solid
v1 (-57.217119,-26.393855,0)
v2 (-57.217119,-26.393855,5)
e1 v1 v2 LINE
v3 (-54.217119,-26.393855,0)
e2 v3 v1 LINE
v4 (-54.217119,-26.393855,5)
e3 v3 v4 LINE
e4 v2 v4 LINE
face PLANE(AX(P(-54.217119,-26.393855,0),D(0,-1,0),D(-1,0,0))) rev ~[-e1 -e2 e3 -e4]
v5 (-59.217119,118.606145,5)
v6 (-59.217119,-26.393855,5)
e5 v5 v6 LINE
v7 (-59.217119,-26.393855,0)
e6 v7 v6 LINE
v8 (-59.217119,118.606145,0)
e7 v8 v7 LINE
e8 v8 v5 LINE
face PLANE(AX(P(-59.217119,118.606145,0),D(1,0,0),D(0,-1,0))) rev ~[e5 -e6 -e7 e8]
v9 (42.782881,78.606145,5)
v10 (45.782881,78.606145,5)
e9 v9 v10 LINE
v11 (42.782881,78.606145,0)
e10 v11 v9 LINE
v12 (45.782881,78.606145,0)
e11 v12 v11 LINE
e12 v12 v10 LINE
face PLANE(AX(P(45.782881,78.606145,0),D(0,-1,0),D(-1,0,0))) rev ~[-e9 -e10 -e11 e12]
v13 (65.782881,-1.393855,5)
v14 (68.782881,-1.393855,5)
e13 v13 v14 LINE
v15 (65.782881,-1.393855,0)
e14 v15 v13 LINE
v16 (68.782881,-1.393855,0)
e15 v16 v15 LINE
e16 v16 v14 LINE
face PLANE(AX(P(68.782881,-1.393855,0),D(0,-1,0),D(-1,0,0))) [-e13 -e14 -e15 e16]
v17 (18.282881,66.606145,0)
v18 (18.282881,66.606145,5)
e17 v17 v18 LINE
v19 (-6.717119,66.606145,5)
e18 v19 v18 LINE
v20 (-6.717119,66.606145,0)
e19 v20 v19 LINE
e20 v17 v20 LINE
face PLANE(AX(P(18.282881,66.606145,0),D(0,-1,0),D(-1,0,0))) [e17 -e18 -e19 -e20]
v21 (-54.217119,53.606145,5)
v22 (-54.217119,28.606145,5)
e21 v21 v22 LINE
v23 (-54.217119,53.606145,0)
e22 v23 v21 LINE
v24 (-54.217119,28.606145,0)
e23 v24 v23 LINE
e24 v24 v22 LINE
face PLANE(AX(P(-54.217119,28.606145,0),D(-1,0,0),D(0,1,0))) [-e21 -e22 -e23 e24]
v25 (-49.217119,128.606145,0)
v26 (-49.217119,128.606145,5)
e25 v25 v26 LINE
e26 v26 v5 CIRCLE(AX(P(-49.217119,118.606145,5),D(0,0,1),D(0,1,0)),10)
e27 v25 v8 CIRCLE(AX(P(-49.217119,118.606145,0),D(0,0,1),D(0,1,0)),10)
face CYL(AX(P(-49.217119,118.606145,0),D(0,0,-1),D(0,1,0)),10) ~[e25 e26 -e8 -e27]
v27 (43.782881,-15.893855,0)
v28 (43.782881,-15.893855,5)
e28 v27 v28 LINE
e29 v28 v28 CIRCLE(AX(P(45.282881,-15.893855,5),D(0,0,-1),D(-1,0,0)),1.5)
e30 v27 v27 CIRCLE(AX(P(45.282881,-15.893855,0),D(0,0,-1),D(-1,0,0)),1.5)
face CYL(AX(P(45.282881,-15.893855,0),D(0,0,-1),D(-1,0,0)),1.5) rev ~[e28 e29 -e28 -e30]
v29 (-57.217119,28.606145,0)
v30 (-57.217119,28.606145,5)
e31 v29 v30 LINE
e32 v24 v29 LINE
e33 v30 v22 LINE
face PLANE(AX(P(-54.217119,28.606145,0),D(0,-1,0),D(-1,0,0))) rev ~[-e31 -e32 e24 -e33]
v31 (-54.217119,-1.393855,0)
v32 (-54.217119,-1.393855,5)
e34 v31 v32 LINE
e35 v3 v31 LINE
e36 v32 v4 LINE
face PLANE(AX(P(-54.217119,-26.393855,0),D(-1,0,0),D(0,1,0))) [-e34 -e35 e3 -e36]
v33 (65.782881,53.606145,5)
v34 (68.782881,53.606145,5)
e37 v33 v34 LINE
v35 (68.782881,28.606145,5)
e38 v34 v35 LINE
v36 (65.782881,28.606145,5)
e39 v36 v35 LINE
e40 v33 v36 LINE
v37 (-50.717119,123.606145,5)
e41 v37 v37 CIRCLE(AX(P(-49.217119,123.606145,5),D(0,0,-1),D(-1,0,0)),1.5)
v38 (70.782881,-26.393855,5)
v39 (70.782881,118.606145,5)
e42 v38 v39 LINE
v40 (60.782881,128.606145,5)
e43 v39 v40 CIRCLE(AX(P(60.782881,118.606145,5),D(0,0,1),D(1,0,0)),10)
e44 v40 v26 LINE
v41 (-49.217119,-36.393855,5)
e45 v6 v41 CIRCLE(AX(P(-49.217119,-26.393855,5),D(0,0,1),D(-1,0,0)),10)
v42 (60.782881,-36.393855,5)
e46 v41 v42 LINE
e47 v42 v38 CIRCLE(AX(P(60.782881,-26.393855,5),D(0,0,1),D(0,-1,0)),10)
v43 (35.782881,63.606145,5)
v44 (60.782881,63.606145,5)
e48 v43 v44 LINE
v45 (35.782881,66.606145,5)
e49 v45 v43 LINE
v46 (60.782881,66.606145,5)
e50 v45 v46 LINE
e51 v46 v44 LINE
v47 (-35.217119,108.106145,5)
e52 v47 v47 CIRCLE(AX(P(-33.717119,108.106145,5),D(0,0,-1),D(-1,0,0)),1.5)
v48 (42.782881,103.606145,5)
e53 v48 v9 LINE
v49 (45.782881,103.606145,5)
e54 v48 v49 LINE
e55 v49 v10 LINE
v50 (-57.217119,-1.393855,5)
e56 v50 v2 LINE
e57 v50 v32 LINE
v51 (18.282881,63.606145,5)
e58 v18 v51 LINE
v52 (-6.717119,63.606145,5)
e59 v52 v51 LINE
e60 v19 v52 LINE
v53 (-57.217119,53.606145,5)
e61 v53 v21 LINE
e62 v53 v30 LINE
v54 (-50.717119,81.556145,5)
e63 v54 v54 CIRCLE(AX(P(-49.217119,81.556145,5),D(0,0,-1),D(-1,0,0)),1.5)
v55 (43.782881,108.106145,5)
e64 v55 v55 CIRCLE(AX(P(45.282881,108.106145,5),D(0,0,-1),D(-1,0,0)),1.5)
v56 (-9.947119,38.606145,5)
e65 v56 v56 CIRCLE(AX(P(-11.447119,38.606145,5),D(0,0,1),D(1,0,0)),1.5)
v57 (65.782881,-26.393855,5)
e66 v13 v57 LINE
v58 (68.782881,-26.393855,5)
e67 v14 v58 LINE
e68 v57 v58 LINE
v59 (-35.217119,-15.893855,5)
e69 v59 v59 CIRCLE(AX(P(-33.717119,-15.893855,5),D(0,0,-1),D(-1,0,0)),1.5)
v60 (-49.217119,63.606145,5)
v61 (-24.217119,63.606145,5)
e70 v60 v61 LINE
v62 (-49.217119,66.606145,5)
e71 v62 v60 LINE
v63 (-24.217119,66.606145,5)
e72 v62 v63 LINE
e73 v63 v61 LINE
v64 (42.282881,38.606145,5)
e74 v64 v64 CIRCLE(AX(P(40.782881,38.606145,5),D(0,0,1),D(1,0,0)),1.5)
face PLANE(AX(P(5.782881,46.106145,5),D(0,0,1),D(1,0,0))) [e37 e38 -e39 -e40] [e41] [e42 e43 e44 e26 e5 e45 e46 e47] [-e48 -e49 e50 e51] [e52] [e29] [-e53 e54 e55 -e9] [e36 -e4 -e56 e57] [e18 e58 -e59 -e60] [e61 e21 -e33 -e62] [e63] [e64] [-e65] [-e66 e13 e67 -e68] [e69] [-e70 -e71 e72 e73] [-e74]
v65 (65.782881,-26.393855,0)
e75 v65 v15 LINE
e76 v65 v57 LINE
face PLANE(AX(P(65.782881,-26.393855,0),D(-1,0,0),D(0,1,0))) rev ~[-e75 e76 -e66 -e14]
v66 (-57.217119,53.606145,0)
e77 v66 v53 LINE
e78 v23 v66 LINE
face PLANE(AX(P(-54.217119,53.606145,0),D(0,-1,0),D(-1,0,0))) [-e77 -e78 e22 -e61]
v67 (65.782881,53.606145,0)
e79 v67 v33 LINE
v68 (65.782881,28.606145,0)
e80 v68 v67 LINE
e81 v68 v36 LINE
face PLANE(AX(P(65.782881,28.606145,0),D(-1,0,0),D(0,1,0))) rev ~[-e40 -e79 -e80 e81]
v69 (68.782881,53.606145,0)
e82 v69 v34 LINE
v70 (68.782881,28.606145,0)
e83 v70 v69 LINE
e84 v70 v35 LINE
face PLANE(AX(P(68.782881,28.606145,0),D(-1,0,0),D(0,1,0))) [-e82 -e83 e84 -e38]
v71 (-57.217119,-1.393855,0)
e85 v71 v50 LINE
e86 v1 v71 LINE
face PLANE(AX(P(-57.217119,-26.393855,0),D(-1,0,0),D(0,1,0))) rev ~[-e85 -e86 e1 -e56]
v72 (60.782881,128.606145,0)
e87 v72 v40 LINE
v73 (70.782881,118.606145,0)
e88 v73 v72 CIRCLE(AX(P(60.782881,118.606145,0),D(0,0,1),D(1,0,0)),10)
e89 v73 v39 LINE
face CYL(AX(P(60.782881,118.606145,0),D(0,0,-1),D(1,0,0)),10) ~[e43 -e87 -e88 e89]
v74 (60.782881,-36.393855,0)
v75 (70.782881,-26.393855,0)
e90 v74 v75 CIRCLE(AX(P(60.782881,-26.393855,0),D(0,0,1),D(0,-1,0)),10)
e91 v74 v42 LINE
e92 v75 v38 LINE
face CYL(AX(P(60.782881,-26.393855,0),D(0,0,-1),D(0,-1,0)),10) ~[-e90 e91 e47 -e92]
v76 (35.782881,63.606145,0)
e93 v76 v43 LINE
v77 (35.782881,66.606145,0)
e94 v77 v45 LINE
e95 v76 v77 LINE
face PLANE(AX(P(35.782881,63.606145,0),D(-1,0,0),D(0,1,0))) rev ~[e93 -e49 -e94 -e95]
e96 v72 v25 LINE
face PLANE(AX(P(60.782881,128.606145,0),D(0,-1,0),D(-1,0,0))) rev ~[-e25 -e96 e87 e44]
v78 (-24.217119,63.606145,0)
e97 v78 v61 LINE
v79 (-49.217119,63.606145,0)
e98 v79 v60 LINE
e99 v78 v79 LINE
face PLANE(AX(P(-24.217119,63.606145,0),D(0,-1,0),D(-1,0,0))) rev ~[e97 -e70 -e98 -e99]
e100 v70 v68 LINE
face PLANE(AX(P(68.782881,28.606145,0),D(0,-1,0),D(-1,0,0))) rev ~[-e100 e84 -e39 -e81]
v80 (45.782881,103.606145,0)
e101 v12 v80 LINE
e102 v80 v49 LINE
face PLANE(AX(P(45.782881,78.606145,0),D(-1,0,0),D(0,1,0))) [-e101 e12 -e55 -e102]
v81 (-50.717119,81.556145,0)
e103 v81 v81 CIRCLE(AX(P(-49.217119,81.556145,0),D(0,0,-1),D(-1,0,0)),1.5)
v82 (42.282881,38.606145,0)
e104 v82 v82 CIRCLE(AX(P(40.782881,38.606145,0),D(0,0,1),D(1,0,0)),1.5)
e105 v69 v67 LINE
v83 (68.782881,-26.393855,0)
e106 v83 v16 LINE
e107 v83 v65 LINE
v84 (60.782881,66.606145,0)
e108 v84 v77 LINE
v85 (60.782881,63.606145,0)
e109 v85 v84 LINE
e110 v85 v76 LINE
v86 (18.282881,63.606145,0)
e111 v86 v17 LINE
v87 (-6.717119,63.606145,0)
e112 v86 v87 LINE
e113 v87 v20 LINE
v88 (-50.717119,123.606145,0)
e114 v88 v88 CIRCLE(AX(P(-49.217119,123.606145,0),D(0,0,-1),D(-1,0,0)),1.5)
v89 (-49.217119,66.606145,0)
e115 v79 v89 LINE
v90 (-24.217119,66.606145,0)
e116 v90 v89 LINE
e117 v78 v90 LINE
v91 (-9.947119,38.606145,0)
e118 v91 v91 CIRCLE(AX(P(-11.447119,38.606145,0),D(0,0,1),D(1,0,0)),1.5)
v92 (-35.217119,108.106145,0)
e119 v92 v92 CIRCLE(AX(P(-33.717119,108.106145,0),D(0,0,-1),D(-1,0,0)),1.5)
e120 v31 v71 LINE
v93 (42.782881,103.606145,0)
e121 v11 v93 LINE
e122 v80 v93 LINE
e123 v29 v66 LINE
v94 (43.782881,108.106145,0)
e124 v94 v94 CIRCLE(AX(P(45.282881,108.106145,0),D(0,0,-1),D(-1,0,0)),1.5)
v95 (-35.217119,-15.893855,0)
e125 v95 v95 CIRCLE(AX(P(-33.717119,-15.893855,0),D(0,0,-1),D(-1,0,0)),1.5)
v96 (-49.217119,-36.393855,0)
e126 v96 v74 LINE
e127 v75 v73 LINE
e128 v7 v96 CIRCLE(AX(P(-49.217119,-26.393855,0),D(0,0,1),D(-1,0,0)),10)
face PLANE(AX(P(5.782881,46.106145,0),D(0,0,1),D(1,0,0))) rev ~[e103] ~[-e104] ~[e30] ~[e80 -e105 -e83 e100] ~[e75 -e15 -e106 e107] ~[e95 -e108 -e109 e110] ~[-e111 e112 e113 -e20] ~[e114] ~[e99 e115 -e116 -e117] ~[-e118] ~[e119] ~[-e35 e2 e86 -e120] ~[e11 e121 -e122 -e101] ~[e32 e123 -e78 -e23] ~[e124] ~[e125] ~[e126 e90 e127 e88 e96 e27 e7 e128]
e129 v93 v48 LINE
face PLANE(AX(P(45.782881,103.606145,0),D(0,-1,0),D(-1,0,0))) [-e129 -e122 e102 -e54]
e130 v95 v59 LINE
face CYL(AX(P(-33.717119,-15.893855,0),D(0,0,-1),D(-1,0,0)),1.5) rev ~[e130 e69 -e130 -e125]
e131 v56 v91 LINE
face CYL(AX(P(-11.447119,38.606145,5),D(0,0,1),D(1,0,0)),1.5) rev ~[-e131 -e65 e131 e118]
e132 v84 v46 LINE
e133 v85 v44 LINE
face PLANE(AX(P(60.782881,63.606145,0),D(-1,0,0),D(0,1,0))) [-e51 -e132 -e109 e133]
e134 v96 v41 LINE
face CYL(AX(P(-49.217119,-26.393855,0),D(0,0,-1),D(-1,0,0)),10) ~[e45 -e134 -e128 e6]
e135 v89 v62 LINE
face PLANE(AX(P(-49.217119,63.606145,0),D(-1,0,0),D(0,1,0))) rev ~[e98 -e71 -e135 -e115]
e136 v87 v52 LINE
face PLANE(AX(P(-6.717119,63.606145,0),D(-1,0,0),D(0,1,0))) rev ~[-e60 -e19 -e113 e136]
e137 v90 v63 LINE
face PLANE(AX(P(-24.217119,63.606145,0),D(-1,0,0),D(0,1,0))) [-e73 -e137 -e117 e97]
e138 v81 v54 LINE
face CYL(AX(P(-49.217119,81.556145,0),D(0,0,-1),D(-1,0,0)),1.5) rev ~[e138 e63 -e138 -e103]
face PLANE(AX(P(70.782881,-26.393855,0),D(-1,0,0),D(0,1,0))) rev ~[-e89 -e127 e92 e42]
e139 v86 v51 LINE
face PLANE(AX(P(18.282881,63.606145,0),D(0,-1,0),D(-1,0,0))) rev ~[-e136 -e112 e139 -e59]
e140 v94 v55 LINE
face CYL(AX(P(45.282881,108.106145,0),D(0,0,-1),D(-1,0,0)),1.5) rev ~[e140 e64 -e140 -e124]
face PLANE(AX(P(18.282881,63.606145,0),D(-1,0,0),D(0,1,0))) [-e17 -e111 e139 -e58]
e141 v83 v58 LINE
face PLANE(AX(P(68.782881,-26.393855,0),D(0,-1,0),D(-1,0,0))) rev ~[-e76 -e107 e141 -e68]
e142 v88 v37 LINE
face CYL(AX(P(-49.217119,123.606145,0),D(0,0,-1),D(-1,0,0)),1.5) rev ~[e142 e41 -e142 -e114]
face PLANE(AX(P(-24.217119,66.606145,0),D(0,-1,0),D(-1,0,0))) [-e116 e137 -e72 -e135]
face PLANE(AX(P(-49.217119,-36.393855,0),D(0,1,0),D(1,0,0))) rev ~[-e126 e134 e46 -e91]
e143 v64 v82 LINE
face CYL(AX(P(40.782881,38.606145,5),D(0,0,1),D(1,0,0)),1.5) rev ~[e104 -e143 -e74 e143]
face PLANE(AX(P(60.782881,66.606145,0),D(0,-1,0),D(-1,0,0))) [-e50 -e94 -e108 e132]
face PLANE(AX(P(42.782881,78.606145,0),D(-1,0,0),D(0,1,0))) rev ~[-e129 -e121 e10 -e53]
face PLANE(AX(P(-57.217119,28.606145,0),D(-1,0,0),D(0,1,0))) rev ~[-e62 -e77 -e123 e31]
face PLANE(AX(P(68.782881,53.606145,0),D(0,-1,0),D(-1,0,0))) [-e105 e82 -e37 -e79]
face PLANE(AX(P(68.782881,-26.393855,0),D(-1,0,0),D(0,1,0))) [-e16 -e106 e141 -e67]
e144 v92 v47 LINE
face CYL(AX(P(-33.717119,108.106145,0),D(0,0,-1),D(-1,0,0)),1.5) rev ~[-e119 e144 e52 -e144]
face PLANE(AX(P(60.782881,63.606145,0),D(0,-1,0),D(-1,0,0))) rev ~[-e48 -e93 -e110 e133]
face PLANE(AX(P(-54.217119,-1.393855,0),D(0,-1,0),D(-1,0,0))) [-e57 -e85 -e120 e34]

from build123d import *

# Parameters (mm, degrees)
RESSALTO_EXTRUS_O1_DEPTH = 5
ESBO_O2_R                = 1.5
CORTE_EXTRUS_O1_DEPTH    = 5
ESBO_O3_R                = 1.5
CORTE_EXTRUS_O2_DEPTH    = 6
ESBO_O6_W                = 3
ESBO_O6_H                = 25
ESBO_O6_W_2              = 25
ESBO_O6_H_2              = 3
CORTE_EXTRUS_O4_DEPTH    = 6
ESBO_O8_R                = 1.5
CORTE_EXTRUS_O6_DEPTH    = 10
ESBO_O9_W                = 3
ESBO_O9_H                = 25
CORTE_EXTRUS_O7_DEPTH    = 10


with BuildPart() as part:
    # Esboço1 → Ressalto-extrusão1 (new body)
    with BuildSketch(Plane.XY):
        with BuildLine():
            Line((-49.217119449, -36.393854661), (60.782880551, -36.393854661))
            ThreePointArc((60.782880551, -36.393854661), (67.853948363, -33.464922473), (70.782880551, -26.393854661))
            Line((70.782880551, -26.393854661), (70.782880551, 118.606145339))
            ThreePointArc((70.782880551, 118.606145339), (67.853948363, 125.67721315), (60.782880551, 128.606145339))
            Line((60.782880551, 128.606145339), (-49.217119449, 128.606145339))
            ThreePointArc((-49.217119449, 128.606145339), (-56.288187261, 125.67721315), (-59.217119449, 118.606145339))
            Line((-59.217119449, 118.606145339), (-59.217119449, -26.393854661))
            ThreePointArc((-59.217119449, -26.393854661), (-56.288187261, -33.464922473), (-49.217119449, -36.393854661))
        make_face()
    extrude(amount=RESSALTO_EXTRUS_O1_DEPTH)

    # Esboço2 → Corte-extrusão1 (cut)
    with BuildSketch(Plane(origin=(0, 0, 0), x_dir=(-1, 0, 0), z_dir=(0, 0, -1))):
        with Locations((33.717119449, -15.893854661)):
            Circle(ESBO_O2_R)
        with Locations((33.717119449, 108.106145339)):
            Circle(ESBO_O2_R)
        with Locations((-45.282880551, -15.893854661)):
            Circle(ESBO_O2_R)
        with Locations((-45.282880551, 108.106145339)):
            Circle(ESBO_O2_R)
    extrude(amount=-CORTE_EXTRUS_O1_DEPTH, mode=Mode.SUBTRACT)

    # Esboço3 → Corte-extrusão2 (cut, through all)
    with BuildSketch(Plane(origin=(0, 0, 0), x_dir=(-1, 0, 0), z_dir=(0, 0, -1))):
        with Locations((49.217119449, 123.606145339)):
            Circle(ESBO_O3_R)
        with Locations((49.217119449, 81.556145339)):
            Circle(ESBO_O3_R)
    extrude(amount=-CORTE_EXTRUS_O2_DEPTH, mode=Mode.SUBTRACT)

    # Esboço6 → Corte-extrusão4 (cut, through all)
    with BuildSketch(Plane(origin=(0, 0, 0), x_dir=(-1, 0, 0), z_dir=(0, 0, -1))):
        with Locations((-67.282880551, -13.893854661)):
            Rectangle(ESBO_O6_W, ESBO_O6_H)
        with Locations((-67.282880551, 41.106145339)):
            Rectangle(ESBO_O6_W, ESBO_O6_H)
        with Locations((-48.282880551, 65.106145339)):
            Rectangle(ESBO_O6_W_2, ESBO_O6_H_2)
        with Locations((36.717119449, 65.106145339)):
            Rectangle(ESBO_O6_W_2, ESBO_O6_H_2)
        with Locations((55.717119449, 41.106145339)):
            Rectangle(ESBO_O6_W, ESBO_O6_H)
        with Locations((55.717119449, -13.893854661)):
            Rectangle(ESBO_O6_W, ESBO_O6_H)
        with Locations((-5.782880551, 65.106145339)):
            Rectangle(ESBO_O6_W_2, ESBO_O6_H_2)
    extrude(amount=-CORTE_EXTRUS_O4_DEPTH, mode=Mode.SUBTRACT)

    # Esboço8 → Corte-extrusão6 (cut)
    with BuildSketch(Plane.XY.offset(5)):
        with Locations((-11.447119449, 38.606145339)):
            Circle(ESBO_O8_R)
        with Locations((40.782880551, 38.606145339)):
            Circle(ESBO_O8_R)
    extrude(amount=-CORTE_EXTRUS_O6_DEPTH, mode=Mode.SUBTRACT)

    # Esboço9 → Corte-extrusão7 (cut)
    with BuildSketch(Plane(origin=(0, 0, 0), x_dir=(-1, 0, 0), z_dir=(0, 0, -1))):
        with Locations((-44.282880551, 91.106145339)):
            Rectangle(ESBO_O9_W, ESBO_O9_H)
    extrude(amount=-CORTE_EXTRUS_O7_DEPTH, mode=Mode.SUBTRACT)


solid = part.part
